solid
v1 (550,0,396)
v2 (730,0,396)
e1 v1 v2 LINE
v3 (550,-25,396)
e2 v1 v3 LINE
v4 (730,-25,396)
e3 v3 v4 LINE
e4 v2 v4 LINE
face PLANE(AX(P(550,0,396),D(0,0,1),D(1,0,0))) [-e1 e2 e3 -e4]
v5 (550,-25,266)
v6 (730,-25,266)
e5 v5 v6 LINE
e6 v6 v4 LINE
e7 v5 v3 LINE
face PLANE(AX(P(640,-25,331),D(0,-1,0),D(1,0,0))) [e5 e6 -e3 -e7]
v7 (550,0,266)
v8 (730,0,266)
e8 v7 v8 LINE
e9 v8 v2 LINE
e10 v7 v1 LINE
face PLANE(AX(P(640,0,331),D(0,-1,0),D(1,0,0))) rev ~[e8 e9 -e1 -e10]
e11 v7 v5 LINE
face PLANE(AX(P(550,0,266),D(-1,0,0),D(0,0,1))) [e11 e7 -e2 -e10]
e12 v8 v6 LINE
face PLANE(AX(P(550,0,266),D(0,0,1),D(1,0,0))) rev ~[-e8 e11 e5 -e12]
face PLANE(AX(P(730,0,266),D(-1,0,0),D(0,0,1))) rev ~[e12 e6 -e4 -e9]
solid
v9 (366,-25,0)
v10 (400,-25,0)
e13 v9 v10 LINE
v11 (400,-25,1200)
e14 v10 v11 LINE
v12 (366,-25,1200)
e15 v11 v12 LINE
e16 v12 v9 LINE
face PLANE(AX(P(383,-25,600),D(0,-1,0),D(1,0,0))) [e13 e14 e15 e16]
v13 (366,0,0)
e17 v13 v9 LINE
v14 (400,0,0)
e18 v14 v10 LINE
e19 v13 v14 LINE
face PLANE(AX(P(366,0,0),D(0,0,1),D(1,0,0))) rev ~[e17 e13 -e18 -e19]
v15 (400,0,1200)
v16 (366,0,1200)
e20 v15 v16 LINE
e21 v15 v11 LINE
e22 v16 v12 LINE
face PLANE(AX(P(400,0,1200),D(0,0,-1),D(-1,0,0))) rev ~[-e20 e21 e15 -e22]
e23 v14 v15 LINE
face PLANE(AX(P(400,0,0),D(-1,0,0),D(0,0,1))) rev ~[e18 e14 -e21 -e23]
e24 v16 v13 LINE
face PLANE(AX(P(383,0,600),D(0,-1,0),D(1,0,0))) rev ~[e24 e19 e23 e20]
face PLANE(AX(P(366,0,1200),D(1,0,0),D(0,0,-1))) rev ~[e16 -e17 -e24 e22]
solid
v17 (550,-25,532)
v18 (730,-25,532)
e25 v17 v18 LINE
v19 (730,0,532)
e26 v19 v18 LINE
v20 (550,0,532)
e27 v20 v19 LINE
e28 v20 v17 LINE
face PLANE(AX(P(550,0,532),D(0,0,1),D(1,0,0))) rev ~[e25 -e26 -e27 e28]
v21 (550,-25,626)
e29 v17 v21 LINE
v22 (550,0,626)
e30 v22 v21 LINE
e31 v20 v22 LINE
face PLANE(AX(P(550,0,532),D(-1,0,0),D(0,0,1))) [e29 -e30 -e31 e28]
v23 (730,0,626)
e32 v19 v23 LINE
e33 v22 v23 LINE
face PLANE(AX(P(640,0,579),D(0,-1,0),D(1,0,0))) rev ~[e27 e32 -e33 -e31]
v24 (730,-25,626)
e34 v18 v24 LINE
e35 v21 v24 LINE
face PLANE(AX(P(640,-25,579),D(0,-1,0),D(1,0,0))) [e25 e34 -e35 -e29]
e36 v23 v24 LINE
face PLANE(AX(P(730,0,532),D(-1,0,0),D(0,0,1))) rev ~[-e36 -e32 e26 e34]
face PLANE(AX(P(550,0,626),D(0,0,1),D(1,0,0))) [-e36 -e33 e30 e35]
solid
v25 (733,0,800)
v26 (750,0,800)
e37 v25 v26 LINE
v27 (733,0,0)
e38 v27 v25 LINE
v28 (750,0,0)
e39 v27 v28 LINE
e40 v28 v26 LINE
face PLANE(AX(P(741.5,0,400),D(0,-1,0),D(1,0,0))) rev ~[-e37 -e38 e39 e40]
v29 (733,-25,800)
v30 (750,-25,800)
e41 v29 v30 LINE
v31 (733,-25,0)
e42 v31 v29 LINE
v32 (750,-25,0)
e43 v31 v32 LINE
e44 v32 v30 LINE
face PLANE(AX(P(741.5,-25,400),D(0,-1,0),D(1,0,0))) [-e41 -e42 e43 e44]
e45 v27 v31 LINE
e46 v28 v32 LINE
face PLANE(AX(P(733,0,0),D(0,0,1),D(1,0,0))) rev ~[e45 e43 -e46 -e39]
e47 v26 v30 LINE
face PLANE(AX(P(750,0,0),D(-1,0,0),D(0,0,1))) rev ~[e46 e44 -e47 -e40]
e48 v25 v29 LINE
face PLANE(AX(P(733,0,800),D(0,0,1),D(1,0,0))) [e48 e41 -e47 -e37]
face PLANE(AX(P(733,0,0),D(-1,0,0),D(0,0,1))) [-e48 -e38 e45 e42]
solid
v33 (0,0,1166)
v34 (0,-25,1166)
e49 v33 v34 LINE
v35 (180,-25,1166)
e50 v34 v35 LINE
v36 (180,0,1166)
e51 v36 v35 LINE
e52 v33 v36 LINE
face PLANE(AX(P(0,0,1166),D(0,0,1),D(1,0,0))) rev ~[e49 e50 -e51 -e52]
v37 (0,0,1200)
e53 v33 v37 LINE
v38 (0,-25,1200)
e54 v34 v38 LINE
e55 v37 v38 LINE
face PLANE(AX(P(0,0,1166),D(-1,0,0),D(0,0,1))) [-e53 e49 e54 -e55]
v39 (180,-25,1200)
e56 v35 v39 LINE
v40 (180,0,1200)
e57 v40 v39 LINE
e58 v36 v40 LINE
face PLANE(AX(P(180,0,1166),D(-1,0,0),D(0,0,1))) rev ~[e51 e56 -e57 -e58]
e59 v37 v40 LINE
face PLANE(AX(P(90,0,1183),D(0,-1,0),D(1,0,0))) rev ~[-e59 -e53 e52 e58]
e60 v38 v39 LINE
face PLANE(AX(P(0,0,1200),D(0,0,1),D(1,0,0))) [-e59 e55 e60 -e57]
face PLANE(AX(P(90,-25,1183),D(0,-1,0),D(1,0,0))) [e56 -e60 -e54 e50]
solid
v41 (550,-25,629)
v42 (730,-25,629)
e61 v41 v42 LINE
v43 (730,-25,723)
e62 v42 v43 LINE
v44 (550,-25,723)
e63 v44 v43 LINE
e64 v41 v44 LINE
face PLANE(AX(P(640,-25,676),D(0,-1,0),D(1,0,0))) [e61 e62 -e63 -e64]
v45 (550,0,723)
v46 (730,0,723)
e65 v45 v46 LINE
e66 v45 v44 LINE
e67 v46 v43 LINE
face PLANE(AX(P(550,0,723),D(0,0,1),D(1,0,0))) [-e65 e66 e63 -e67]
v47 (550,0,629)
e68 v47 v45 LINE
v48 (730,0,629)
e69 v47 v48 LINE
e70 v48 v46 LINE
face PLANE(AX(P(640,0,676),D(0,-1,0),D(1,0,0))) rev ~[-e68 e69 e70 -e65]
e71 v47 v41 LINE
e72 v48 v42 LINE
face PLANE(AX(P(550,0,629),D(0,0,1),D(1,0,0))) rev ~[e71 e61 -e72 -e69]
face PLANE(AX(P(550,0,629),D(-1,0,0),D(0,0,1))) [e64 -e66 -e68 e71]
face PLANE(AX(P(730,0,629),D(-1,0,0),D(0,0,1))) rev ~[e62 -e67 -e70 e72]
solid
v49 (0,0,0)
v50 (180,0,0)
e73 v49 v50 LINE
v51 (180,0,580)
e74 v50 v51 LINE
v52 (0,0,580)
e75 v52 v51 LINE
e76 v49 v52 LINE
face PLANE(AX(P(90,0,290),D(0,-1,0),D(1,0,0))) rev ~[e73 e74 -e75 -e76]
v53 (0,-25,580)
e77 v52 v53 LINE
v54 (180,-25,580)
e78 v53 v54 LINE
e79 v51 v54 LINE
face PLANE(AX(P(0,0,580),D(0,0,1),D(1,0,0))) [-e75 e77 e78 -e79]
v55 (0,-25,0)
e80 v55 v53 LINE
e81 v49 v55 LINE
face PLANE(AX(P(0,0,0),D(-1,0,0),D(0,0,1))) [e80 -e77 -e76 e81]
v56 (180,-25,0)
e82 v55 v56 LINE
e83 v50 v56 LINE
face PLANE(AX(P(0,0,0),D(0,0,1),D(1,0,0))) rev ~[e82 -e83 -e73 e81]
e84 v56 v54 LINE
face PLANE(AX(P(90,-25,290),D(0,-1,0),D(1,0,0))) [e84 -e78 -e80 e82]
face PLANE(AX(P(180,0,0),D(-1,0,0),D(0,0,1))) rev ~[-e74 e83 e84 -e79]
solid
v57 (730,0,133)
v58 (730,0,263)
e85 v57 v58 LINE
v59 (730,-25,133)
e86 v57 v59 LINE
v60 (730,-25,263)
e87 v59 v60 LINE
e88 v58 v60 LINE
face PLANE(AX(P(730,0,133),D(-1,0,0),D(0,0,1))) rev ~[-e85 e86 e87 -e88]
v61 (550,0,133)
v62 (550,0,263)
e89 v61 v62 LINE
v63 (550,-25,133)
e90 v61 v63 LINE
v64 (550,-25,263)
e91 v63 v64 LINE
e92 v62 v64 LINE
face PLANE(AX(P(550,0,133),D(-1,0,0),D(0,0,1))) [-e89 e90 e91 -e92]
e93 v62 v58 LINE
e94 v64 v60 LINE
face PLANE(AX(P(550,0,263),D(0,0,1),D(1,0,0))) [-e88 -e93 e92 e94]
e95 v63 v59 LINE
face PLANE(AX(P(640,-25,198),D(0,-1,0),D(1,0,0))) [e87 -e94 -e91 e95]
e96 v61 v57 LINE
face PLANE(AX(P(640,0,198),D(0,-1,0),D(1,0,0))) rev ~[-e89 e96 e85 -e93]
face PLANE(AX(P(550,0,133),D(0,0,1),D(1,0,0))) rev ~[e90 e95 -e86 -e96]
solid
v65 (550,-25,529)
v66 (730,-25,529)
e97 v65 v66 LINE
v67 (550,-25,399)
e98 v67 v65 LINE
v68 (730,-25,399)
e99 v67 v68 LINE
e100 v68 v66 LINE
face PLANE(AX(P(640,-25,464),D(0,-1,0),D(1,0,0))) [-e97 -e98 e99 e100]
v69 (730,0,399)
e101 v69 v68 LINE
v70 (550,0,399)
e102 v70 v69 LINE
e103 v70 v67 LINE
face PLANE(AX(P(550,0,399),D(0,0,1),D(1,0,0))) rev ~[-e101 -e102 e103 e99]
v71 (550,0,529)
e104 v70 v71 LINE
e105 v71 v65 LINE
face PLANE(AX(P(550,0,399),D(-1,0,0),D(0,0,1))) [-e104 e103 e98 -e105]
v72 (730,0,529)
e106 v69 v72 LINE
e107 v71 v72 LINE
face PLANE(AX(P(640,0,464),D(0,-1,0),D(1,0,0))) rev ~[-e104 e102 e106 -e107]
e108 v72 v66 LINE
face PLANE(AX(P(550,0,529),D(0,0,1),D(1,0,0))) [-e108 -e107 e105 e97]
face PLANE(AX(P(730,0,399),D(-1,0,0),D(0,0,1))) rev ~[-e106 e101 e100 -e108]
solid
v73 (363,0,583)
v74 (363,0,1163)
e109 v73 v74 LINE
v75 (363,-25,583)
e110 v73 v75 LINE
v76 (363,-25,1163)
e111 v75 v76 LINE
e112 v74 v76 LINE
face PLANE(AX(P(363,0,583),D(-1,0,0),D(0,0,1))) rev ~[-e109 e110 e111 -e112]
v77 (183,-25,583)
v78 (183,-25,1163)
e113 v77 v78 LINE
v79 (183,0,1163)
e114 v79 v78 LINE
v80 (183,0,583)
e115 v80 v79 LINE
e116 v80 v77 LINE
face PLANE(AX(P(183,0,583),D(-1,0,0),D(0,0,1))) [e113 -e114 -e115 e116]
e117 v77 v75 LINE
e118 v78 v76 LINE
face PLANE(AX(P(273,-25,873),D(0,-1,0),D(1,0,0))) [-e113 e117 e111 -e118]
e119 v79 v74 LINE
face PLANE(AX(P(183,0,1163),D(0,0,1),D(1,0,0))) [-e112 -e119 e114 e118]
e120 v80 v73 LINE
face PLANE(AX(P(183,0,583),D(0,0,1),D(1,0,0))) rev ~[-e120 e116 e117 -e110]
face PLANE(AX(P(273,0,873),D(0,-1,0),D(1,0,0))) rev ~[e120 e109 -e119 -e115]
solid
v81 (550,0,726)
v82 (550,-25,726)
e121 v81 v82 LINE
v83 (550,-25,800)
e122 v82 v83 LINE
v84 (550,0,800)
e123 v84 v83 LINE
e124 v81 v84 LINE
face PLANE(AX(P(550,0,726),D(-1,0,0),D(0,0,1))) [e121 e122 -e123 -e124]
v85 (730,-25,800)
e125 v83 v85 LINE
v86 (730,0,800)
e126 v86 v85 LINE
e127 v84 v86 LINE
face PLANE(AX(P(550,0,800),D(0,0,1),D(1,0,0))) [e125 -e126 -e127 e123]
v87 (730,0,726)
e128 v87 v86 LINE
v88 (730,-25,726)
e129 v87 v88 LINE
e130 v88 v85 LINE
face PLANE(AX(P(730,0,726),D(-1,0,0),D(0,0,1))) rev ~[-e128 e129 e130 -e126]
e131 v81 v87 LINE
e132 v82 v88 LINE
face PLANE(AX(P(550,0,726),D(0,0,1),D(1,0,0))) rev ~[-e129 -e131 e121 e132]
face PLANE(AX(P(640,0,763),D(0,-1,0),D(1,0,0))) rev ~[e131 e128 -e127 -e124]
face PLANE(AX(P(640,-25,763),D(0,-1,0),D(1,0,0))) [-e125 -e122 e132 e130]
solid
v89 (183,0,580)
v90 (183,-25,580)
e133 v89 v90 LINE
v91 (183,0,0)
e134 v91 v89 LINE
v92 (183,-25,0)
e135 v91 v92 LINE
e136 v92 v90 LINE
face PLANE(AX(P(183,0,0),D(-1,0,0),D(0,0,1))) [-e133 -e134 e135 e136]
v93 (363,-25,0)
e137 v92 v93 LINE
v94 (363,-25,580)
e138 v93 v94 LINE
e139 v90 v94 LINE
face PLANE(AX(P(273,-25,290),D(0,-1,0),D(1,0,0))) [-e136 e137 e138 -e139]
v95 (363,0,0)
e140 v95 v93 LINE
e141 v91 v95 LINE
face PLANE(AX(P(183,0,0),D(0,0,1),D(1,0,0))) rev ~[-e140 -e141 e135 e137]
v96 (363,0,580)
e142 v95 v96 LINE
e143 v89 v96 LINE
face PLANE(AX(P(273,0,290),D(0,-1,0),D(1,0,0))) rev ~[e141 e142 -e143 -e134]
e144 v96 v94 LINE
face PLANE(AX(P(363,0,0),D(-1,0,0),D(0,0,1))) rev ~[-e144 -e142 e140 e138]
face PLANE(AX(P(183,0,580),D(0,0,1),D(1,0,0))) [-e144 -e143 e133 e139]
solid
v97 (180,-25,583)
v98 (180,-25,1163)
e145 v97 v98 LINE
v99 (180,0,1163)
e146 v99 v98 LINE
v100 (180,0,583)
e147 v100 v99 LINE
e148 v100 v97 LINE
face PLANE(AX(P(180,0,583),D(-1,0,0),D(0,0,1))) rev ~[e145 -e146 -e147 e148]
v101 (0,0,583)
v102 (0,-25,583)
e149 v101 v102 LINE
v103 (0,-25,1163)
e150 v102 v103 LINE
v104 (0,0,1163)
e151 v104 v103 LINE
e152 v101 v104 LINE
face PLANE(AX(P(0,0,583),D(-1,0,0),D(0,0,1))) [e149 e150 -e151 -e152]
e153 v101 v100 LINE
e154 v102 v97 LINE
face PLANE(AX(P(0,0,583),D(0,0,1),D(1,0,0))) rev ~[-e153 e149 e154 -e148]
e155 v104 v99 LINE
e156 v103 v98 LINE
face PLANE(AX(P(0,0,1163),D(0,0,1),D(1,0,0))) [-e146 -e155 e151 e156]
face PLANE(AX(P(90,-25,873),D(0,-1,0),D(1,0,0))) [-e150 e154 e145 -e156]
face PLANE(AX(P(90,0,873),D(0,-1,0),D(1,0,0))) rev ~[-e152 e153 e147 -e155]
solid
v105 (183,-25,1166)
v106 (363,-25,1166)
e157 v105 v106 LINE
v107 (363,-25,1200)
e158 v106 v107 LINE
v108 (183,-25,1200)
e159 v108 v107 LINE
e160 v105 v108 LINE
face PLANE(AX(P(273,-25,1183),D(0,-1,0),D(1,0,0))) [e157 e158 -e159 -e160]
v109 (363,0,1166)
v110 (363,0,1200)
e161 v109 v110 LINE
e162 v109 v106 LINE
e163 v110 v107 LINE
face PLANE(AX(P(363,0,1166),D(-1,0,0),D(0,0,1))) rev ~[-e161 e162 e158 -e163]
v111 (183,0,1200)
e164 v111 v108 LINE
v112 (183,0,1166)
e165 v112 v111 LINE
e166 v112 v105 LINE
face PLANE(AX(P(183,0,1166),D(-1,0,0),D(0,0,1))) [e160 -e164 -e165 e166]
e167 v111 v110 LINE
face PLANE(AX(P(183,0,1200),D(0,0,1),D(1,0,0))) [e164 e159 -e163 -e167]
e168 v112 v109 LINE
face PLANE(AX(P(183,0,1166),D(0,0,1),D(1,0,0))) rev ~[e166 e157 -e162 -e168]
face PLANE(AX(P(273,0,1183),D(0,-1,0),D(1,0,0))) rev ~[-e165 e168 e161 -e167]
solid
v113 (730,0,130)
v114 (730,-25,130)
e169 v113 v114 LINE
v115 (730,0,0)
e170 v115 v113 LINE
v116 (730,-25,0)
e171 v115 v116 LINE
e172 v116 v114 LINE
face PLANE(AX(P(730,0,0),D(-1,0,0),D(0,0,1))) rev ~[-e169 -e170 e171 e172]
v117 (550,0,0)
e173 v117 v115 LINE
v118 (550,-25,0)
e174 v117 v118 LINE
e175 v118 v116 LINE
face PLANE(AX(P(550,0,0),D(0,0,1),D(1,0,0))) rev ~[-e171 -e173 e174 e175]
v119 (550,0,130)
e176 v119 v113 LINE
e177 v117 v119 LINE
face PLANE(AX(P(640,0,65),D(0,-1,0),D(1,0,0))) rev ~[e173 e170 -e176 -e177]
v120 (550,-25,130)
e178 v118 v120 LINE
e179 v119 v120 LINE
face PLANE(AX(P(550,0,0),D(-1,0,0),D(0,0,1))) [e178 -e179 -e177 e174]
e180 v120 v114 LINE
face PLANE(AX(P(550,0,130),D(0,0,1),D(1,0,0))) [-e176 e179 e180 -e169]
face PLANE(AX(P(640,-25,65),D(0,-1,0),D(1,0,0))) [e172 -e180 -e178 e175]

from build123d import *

# Parameters (mm, degrees)
F0_W     = 180
F0_H     = 580
F1_DEPTH = 25
F0_H_2   = 34
F2_W     = 180
F2_H     = 130
F3_DEPTH = 25
F2_H_2   = 94
F2_H_3   = 74
F2_W_2   = 17
F2_H_4   = 800


with BuildPart() as f1:
    # F0 (on Front) → F1 (new body)
    with BuildSketch(Plane.XZ):
        with Locations((90, 873)):
            Rectangle(F0_W, F0_H)
    extrude(amount=F1_DEPTH)


with BuildPart() as f1b:
    # F0 (on Front) → F1, piece 2 (new body)
    with BuildSketch(Plane.XZ):
        with Locations((273, 873)):
            Rectangle(F0_W, F0_H)
    extrude(amount=F1_DEPTH)


with BuildPart() as f1c:
    # F0 (on Front) → F1, piece 3 (new body)
    with BuildSketch(Plane.XZ):
        with Locations((90, 290)):
            Rectangle(F0_W, F0_H)
    extrude(amount=F1_DEPTH)


with BuildPart() as f1d:
    # F0 (on Front) → F1, piece 4 (new body)
    with BuildSketch(Plane.XZ):
        with Locations((273, 290)):
            Rectangle(F0_W, F0_H)
    extrude(amount=F1_DEPTH)


with BuildPart() as f1e:
    # F0 (on Front) → F1, piece 5 (new body)
    with BuildSketch(Plane.XZ):
        with Locations((90, 1183)):
            Rectangle(F0_W, F0_H_2)
    extrude(amount=F1_DEPTH)


with BuildPart() as f1f:
    # F0 (on Front) → F1, piece 6 (new body)
    with BuildSketch(Plane.XZ):
        with Locations((273, 1183)):
            Rectangle(F0_W, F0_H_2)
    extrude(amount=F1_DEPTH)


with BuildPart() as f1g:
    # F0 (on Front) → F1, piece 7 (new body)
    with BuildSketch(Plane.XZ):
        Polygon((366, 580), (366, 0), (400, 0), (400, 1200), (366, 1200), (366, 1166), (366, 1163), (366, 583), align=None)
    extrude(amount=F1_DEPTH)


with BuildPart() as f3:
    # F2 (on Front) → F3 (new body)
    with BuildSketch(Plane.XZ):
        with Locations((640, 65)):
            Rectangle(F2_W, F2_H)
    extrude(amount=F3_DEPTH)


with BuildPart() as f3b:
    # F2 (on Front) → F3, piece 2 (new body)
    with BuildSketch(Plane.XZ):
        with Locations((640, 198)):
            Rectangle(F2_W, F2_H)
    extrude(amount=F3_DEPTH)


with BuildPart() as f3c:
    # F2 (on Front) → F3, piece 3 (new body)
    with BuildSketch(Plane.XZ):
        with Locations((640, 331)):
            Rectangle(F2_W, F2_H)
    extrude(amount=F3_DEPTH)


with BuildPart() as f3d:
    # F2 (on Front) → F3, piece 4 (new body)
    with BuildSketch(Plane.XZ):
        with Locations((640, 464)):
            Rectangle(F2_W, F2_H)
    extrude(amount=F3_DEPTH)


with BuildPart() as f3e:
    # F2 (on Front) → F3, piece 5 (new body)
    with BuildSketch(Plane.XZ):
        with Locations((640, 579)):
            Rectangle(F2_W, F2_H_2)
    extrude(amount=F3_DEPTH)


with BuildPart() as f3f:
    # F2 (on Front) → F3, piece 6 (new body)
    with BuildSketch(Plane.XZ):
        with Locations((640, 676)):
            Rectangle(F2_W, F2_H_2)
    extrude(amount=F3_DEPTH)


with BuildPart() as f3g:
    # F2 (on Front) → F3, piece 7 (new body)
    with BuildSketch(Plane.XZ):
        with Locations((640, 763)):
            Rectangle(F2_W, F2_H_3)
    extrude(amount=F3_DEPTH)


with BuildPart() as f3h:
    # F2 (on Front) → F3, piece 8 (new body)
    with BuildSketch(Plane.XZ):
        with Locations((741.5, 400)):
            Rectangle(F2_W_2, F2_H_4)
    extrude(amount=F3_DEPTH)


solid = Compound([f1.part, f1b.part, f1c.part, f1d.part, f1e.part, f1f.part, f1g.part, f3.part, f3b.part, f3c.part, f3d.part, f3e.part, f3f.part, f3g.part, f3h.part])
